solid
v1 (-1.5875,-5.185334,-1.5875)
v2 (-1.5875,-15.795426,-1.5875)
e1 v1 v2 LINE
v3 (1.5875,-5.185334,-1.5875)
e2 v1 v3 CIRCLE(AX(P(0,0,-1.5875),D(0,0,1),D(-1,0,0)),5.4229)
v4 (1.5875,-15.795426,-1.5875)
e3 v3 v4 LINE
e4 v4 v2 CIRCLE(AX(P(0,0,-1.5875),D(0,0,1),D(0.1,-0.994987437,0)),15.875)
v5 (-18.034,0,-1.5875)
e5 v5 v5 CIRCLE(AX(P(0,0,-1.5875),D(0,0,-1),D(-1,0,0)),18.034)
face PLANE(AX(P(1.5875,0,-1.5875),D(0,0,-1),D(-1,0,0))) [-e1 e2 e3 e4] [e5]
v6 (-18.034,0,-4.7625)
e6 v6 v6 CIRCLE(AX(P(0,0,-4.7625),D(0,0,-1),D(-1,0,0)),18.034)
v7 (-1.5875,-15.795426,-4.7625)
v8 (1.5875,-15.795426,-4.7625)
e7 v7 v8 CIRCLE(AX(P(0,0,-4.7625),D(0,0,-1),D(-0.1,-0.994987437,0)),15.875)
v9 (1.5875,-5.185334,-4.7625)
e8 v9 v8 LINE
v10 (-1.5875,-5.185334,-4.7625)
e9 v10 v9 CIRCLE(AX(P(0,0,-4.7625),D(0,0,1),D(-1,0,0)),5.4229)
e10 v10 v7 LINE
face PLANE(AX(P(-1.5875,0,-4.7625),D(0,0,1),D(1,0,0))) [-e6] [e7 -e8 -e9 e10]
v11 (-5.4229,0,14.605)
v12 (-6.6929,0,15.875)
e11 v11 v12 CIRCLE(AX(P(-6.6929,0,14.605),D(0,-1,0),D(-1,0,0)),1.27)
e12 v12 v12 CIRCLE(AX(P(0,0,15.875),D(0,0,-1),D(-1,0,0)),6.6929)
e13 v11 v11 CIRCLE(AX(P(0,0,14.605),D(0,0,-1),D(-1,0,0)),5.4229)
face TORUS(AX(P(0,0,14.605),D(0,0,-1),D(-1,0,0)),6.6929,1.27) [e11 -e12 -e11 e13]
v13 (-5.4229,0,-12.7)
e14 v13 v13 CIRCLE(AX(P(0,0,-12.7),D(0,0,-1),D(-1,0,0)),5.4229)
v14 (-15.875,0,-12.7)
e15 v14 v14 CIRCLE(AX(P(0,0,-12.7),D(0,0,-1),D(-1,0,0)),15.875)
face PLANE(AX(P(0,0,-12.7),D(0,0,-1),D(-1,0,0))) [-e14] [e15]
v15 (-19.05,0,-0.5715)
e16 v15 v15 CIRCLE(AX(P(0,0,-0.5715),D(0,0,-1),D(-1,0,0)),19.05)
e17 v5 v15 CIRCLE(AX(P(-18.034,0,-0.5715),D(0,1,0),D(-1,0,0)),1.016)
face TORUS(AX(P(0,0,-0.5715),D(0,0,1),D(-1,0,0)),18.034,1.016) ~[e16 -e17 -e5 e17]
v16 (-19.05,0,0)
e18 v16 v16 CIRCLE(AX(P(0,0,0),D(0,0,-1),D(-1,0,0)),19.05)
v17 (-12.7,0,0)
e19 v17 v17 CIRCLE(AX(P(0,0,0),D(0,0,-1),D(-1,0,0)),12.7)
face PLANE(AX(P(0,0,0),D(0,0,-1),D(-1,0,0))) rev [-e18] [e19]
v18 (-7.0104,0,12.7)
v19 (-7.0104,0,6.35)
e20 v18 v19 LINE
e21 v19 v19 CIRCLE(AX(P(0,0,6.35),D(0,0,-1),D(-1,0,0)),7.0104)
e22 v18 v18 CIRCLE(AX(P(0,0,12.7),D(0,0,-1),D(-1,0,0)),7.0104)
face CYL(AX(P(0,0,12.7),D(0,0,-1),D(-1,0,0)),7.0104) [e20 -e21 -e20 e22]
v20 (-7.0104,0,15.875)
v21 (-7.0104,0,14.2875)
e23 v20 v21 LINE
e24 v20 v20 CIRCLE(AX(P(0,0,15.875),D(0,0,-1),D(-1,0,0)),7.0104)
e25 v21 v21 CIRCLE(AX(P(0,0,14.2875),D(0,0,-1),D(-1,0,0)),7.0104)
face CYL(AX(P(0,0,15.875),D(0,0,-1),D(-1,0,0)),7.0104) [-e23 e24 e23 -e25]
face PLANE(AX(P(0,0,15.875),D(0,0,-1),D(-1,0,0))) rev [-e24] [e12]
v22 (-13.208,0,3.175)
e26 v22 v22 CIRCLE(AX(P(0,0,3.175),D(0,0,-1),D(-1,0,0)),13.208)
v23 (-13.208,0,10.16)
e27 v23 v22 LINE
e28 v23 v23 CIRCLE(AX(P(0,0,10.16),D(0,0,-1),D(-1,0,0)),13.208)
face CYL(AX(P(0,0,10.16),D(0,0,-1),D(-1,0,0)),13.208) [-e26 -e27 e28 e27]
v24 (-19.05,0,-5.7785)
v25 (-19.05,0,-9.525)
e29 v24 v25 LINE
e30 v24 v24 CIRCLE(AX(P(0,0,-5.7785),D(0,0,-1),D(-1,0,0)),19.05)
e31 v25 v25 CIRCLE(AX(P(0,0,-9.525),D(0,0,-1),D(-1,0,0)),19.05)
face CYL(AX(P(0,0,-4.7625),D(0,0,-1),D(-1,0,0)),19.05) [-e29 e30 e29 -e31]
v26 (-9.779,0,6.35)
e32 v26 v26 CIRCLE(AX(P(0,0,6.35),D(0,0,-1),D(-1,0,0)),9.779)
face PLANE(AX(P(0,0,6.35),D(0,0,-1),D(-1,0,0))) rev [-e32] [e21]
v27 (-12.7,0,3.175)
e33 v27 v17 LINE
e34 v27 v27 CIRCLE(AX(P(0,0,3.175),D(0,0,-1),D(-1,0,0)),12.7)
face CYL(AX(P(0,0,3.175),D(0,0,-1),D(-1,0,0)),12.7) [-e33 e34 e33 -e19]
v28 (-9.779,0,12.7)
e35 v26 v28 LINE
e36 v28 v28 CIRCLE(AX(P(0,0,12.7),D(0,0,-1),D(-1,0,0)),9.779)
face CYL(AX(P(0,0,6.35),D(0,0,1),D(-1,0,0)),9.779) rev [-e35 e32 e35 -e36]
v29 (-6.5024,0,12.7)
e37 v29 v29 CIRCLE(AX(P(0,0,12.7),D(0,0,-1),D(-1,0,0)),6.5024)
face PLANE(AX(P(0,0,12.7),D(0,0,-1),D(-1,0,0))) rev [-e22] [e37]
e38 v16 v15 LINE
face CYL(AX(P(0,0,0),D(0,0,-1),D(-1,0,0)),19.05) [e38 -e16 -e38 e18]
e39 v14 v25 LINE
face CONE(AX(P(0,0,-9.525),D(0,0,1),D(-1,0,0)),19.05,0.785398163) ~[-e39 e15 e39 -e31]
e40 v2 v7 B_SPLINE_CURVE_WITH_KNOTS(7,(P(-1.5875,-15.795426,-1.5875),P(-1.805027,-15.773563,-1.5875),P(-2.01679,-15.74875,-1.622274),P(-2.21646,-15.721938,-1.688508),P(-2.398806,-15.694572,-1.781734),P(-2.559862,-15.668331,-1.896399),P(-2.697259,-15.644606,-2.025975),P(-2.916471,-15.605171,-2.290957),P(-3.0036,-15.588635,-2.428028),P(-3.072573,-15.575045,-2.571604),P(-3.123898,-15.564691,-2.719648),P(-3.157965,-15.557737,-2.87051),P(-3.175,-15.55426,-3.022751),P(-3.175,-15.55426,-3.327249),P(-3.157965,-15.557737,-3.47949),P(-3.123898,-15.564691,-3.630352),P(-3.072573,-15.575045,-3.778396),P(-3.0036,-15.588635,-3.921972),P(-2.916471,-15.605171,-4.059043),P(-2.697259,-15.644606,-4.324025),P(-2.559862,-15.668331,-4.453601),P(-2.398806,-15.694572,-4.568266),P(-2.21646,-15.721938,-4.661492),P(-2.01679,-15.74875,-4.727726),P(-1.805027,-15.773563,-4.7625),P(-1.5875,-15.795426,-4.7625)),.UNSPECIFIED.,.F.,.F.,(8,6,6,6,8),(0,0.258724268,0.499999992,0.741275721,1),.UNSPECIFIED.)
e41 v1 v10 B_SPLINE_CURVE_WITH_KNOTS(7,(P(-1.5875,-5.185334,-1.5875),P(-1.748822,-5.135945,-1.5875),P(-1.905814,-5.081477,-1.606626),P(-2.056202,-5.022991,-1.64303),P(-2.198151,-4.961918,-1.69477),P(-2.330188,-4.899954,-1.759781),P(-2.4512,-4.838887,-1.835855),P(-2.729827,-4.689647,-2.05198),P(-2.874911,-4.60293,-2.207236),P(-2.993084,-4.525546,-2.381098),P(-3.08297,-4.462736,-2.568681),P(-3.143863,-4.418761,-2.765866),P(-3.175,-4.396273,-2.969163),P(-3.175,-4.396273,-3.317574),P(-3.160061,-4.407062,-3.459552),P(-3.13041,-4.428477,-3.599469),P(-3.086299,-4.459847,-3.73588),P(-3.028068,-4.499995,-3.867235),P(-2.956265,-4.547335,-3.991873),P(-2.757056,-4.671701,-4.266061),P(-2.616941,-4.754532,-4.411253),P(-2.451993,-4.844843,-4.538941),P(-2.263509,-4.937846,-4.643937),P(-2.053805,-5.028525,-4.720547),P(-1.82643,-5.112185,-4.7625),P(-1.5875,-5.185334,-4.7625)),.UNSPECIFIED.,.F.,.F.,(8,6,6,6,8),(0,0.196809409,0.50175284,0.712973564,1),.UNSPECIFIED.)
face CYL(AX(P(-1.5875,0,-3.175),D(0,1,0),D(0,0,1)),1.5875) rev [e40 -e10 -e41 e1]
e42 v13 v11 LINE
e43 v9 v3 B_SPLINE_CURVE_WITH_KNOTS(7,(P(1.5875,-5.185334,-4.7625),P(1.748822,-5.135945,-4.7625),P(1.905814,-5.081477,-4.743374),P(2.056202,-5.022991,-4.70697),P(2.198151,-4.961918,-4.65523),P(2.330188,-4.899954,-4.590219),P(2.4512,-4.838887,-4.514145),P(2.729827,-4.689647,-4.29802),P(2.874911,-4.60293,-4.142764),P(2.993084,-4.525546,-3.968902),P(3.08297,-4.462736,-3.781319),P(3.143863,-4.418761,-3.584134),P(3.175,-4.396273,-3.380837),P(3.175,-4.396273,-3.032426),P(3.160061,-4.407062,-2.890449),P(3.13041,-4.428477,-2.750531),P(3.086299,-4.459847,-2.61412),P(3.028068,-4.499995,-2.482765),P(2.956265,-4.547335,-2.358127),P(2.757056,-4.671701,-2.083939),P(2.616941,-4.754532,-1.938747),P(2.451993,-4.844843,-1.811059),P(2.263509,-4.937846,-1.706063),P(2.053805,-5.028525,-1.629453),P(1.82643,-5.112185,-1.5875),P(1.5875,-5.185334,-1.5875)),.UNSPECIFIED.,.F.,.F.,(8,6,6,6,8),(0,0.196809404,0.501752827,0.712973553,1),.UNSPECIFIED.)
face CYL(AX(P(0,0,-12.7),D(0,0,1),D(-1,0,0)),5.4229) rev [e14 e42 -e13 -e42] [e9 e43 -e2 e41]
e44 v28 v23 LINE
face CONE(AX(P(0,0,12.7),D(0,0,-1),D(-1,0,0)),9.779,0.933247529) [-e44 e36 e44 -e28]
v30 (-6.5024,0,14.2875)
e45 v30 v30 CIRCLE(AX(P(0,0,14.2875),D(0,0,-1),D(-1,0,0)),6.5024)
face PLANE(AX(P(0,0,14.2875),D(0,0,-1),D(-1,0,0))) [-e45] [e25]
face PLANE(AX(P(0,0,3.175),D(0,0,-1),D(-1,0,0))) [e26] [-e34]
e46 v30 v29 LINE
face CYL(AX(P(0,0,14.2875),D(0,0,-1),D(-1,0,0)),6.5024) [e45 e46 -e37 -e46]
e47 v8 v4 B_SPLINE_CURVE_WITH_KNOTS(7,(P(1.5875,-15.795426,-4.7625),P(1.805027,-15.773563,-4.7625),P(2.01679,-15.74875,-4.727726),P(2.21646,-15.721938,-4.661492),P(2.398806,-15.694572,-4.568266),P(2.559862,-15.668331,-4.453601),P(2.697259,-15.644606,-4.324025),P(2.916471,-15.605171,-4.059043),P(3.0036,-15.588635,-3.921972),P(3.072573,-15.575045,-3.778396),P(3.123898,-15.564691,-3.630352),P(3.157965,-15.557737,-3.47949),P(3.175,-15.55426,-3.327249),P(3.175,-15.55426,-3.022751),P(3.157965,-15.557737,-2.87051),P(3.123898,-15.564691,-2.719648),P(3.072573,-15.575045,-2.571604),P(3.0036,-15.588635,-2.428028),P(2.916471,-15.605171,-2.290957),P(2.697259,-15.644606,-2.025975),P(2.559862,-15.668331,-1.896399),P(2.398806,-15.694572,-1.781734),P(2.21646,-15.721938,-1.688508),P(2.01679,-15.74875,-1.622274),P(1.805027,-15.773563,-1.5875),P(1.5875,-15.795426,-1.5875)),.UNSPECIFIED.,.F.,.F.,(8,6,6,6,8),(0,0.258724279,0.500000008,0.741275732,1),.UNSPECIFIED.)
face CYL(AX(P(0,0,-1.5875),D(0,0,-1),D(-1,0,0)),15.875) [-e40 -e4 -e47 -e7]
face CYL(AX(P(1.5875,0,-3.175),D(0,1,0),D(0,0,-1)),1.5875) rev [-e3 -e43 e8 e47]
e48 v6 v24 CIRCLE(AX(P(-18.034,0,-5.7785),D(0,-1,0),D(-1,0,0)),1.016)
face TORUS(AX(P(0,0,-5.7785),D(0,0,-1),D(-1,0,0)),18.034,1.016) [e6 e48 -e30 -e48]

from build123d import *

# Parameters (mm, degrees)
F2_SIZE  = 3.175
F4_DEPTH = 25.4
F5_R     = 1.016
F6_R     = 1.27


with BuildPart() as f1:
    # F0 (on Front) → F1 (revolve)
    with BuildSketch(Plane.XZ):
        Polygon((-19.05, -12.7), (-5.4229, -12.7), (-5.4229, 15.875), (-7.0104, 15.875), (-7.0104, 14.2875), (-6.5024, 14.2875), (-6.5024, 12.7), (-7.0104, 12.7), (-7.0104, 6.35), (-9.779, 6.35), (-9.779, 12.7), (-13.208, 10.16), (-13.208, 6.35), (-13.208, 3.175), (-12.7, 3.175), (-12.7, 0), (-19.05, 0), (-19.05, -1.5875), (-15.875, -1.5875), (-15.875, -4.7625), (-19.05, -4.7625), align=None)
    revolve(axis=Axis((0, 0, 5.660842), (0, 0, -1)))

    # F2
    f2_edges = [f1.edges().sort_by_distance(p)[0] for p in [
        (19.05, 0, -12.7),
    ]]
    chamfer(f2_edges, length=F2_SIZE)

    # F3 (on Front) → F4 (cut)
    with BuildSketch(Plane.XZ):
        with BuildLine():
            ThreePointArc((1.5875, -4.7625), (3.175, -3.175), (1.5875, -1.5875))
            Line((1.5875, -1.5875), (-1.5875, -1.5875))
            ThreePointArc((-1.5875, -1.5875), (-3.175, -3.175), (-1.5875, -4.7625))
            Line((-1.5875, -4.7625), (1.5875, -4.7625))
        make_face()
    extrude(amount=F4_DEPTH, mode=Mode.SUBTRACT)

    # F5
    f5_edges = [f1.edges().sort_by_distance(p)[0] for p in [
        (19.05, 0, -1.5875),
        (19.05, 0, -4.7625),
    ]]
    fillet(f5_edges, radius=F5_R)

    # F6
    f6_edges = [f1.edges().sort_by_distance(p)[0] for p in [
        (5.4229, 0, 15.875),
    ]]
    fillet(f6_edges, radius=F6_R)


solid = f1.part
